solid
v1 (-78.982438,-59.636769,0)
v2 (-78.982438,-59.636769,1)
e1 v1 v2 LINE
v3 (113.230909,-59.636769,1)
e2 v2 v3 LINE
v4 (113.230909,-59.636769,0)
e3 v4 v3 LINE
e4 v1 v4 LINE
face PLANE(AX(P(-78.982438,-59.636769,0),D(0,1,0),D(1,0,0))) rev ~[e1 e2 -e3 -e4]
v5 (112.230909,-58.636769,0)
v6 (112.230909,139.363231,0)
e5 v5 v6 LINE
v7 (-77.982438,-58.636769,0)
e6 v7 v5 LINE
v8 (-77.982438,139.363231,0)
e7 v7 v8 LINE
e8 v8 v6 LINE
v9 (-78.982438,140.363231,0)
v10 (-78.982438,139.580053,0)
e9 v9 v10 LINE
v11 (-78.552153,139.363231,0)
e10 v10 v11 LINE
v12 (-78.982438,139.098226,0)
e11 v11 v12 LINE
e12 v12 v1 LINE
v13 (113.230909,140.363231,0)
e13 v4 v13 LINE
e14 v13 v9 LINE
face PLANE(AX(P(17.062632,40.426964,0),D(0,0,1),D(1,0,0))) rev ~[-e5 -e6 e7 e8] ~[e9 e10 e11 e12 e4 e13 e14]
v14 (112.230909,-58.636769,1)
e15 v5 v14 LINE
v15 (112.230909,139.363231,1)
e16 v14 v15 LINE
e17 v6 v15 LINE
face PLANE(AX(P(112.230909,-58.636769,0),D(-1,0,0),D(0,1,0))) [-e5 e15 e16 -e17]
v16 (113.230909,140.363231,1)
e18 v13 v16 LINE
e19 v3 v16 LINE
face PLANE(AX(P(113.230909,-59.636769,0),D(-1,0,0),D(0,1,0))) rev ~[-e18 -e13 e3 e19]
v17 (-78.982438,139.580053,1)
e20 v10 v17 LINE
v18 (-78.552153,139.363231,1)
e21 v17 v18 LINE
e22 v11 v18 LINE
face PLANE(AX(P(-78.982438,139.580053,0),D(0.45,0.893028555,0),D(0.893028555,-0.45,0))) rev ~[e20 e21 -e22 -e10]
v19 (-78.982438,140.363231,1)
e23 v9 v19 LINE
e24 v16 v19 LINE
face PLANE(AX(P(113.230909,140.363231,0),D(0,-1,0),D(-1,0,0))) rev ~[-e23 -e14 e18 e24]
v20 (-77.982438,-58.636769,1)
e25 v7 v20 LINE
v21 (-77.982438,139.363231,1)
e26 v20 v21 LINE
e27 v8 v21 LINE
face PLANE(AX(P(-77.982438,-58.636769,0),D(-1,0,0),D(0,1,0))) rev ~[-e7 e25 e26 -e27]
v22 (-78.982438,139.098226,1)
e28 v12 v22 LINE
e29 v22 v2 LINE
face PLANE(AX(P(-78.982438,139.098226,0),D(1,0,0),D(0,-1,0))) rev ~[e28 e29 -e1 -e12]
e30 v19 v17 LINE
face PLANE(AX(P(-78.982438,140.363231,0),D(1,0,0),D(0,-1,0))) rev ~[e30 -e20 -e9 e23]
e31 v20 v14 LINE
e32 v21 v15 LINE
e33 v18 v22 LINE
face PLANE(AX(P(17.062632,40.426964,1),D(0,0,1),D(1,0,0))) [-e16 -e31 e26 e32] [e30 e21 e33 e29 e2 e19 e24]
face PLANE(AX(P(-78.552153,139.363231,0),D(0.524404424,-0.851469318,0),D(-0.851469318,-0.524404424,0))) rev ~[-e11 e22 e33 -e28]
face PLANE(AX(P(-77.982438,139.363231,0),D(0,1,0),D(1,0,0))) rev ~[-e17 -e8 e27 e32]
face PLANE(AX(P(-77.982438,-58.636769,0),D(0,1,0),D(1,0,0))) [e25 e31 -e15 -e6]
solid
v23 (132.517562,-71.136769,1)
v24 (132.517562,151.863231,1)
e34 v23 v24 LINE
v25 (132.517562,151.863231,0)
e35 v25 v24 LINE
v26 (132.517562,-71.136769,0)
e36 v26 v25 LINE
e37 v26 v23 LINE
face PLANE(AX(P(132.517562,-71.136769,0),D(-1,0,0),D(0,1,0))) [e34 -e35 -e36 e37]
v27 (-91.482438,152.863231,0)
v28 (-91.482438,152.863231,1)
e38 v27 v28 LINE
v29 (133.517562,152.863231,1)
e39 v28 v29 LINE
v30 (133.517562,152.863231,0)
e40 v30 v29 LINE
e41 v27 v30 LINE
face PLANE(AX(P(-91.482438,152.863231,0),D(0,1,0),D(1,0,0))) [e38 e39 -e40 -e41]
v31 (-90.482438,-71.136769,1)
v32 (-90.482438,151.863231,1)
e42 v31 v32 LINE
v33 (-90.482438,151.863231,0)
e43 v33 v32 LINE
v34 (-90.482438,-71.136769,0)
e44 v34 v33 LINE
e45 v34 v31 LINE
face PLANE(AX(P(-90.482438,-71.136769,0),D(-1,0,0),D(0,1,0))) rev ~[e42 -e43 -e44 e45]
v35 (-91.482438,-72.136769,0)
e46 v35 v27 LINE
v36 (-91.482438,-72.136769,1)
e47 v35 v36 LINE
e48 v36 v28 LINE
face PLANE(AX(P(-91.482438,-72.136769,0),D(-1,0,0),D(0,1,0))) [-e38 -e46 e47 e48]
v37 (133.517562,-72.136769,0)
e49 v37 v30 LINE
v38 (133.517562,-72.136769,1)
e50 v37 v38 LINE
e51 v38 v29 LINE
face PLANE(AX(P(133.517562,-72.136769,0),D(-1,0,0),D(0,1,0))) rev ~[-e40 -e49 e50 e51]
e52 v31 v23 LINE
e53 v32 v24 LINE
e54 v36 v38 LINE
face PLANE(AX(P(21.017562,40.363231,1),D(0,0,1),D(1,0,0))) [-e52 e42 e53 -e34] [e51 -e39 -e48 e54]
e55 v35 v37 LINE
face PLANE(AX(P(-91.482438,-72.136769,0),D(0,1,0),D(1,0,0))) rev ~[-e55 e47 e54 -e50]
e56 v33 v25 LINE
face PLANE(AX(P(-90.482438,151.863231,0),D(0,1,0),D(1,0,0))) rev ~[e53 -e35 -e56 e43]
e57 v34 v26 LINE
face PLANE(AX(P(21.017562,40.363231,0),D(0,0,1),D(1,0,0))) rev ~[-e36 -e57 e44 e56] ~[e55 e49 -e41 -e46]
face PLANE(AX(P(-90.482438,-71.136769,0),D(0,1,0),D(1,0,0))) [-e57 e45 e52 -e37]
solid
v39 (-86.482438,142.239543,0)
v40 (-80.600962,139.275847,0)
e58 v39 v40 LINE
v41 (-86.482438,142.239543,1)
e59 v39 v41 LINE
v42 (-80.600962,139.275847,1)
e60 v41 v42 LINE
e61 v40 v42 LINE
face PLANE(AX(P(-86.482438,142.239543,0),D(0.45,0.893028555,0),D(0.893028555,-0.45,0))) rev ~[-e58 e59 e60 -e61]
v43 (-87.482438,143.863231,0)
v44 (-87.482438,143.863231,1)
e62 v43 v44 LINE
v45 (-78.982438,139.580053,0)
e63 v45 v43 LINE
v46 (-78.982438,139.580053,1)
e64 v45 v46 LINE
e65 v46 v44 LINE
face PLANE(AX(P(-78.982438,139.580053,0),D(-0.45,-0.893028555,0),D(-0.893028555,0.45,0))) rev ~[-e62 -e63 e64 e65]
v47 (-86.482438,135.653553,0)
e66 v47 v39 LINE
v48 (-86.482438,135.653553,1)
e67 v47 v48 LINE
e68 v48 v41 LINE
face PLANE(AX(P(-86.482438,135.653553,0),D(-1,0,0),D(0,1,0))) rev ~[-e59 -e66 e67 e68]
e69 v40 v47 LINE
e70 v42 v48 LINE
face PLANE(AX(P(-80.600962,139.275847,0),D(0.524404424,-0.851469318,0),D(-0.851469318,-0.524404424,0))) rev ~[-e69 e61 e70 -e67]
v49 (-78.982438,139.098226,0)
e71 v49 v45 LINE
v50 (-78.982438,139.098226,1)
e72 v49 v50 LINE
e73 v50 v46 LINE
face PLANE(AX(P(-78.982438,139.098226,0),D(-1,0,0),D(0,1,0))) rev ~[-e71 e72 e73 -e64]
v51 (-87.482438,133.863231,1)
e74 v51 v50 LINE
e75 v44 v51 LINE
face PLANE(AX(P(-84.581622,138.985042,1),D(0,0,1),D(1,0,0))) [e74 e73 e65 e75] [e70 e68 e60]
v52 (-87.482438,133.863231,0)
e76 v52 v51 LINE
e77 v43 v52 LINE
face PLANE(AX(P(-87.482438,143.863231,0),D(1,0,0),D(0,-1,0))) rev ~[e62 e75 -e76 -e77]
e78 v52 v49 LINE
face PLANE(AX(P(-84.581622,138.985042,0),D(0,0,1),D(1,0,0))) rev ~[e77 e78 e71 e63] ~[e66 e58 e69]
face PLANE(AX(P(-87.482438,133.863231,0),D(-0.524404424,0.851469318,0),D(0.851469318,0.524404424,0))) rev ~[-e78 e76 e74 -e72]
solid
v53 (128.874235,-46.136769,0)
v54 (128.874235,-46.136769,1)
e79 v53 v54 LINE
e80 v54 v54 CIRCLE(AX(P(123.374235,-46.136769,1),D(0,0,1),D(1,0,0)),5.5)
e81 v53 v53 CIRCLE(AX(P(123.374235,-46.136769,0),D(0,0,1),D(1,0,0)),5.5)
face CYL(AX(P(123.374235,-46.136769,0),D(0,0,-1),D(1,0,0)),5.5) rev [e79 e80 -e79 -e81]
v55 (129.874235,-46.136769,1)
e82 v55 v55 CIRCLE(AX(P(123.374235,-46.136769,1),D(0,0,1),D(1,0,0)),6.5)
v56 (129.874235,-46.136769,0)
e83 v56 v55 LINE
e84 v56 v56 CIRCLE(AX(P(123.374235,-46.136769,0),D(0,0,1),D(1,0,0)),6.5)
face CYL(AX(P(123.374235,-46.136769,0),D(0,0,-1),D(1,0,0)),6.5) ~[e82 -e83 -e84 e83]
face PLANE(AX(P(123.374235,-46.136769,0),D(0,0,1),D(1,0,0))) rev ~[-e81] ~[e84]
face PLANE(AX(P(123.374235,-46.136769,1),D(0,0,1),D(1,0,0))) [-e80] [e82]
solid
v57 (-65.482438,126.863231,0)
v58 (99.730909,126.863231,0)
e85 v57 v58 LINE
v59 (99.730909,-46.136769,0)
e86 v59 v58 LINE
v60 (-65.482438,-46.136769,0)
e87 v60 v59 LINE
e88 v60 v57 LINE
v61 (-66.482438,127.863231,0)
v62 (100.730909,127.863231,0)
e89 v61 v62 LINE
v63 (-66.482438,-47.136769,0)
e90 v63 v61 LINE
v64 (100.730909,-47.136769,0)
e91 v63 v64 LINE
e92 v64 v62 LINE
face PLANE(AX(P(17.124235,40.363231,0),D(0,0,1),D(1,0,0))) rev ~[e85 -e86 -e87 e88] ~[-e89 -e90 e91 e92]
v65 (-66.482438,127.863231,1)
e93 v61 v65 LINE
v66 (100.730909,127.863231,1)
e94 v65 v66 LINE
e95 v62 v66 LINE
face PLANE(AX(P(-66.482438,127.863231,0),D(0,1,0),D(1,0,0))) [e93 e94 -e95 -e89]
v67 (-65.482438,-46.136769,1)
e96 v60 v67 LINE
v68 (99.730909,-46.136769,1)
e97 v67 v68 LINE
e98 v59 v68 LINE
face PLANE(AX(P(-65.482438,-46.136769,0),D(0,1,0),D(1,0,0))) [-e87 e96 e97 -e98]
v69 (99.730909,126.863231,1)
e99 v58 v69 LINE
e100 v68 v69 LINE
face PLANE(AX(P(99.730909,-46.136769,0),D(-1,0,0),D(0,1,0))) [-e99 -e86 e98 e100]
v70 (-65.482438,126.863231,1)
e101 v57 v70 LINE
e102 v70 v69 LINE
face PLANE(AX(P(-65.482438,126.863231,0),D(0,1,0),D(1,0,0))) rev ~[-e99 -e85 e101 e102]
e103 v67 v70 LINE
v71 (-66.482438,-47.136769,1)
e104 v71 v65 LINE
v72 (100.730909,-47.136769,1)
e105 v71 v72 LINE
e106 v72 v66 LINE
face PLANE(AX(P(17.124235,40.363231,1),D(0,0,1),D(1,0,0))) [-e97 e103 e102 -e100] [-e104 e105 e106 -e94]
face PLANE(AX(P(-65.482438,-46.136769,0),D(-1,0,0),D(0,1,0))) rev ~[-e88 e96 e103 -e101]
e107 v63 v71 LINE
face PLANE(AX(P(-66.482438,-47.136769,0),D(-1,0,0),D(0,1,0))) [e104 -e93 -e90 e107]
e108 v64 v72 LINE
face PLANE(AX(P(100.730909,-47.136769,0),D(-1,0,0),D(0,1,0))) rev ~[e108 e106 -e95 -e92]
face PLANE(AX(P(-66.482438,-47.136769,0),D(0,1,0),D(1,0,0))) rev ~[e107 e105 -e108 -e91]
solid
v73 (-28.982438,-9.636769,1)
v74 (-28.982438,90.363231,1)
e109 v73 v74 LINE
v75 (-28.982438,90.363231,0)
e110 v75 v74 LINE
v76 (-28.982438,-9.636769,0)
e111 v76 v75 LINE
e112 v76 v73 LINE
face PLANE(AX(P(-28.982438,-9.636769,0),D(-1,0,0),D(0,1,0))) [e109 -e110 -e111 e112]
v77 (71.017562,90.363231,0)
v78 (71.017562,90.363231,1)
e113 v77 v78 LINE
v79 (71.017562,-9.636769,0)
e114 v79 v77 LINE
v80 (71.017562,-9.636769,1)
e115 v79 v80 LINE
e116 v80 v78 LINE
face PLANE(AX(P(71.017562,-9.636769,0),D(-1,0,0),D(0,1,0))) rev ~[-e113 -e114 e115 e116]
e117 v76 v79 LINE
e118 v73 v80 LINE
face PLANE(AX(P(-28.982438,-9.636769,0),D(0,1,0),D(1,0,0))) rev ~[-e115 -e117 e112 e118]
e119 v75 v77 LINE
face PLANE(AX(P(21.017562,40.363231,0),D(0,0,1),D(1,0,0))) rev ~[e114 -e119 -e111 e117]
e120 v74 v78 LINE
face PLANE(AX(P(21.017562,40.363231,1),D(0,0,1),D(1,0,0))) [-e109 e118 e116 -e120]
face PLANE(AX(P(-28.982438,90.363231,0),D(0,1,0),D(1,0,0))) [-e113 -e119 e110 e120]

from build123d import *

# Parameters (mm, degrees)
F1_W     = 225
F1_H     = 225
F1_W_2   = 223
F1_H_2   = 223
F2_DEPTH = 1
F1_W_3   = 190.2133469
F1_H_3   = 198
F1_W_4   = 167.2133469
F1_H_4   = 175
F1_W_5   = 165.2133469
F1_H_5   = 173
F1_R     = 6.5
F1_R_2   = 5.5
F1_W_6   = 100
F1_H_6   = 100


with BuildPart() as f2:
    # F1 (on Top) → F2 (new body)
    with BuildSketch(Plane.XY):
        with Locations((21.0175617039, 40.3632308638)):
            Rectangle(F1_W, F1_H)
        with Locations((21.0175617039, 40.3632308638)):
            Rectangle(F1_W_2, F1_H_2, mode=Mode.SUBTRACT)
    extrude(amount=F2_DEPTH)


with BuildPart() as f2b:
    # F1 (on Top) → F2, piece 2 (new body)
    with BuildSketch(Plane.XY):
        Polygon((113.2309086039, 140.3632308638), (-78.9824382961, 140.3632308638), (-78.9824382961, 139.580053155), (-78.5521527463, 139.3632308638), (-78.9824382961, 139.0982258413), (-78.9824382961, -59.6367691362), (113.2309086039, -59.6367691362), align=None)
        with Locations((17.1242351539, 40.3632308638)):
            Rectangle(F1_W_3, F1_H_3, mode=Mode.SUBTRACT)
    extrude(amount=F2_DEPTH)


with BuildPart() as f2c:
    # F1 (on Top) → F2, piece 3 (new body)
    with BuildSketch(Plane.XY):
        with Locations((17.1242351539, 40.3632308638)):
            Rectangle(F1_W_4, F1_H_4)
        with Locations((17.1242351539, 40.3632308638)):
            Rectangle(F1_W_5, F1_H_5, mode=Mode.SUBTRACT)
    extrude(amount=F2_DEPTH)


with BuildPart() as f2d:
    # F1 (on Top) → F2, piece 4 (new body)
    with BuildSketch(Plane.XY):
        with Locations((123.3742351539, -46.1367691362)):
            Circle(F1_R)
        with Locations((123.3742351539, -46.1367691362)):
            Circle(F1_R_2, mode=Mode.SUBTRACT)
    extrude(amount=F2_DEPTH)


with BuildPart() as f2e:
    # F1 (on Top) → F2, piece 5 (new body)
    with BuildSketch(Plane.XY):
        with Locations((21.0175617039, 40.3632308638)):
            Rectangle(F1_W_6, F1_H_6)
    extrude(amount=F2_DEPTH)


with BuildPart() as f2f:
    # F1 (on Top) → F2, piece 6 (new body)
    with BuildSketch(Plane.XY):
        Polygon((-78.9824382961, 139.0982258413), (-78.9824382961, 139.580053155), (-87.4824382961, 143.8632308638), (-87.4824382961, 133.8632308638), align=None)
        Polygon((-86.4824382961, 135.6535530649), (-86.4824382961, 142.2395425821), (-80.6009615945, 139.2758472994), align=None, mode=Mode.SUBTRACT)
    extrude(amount=F2_DEPTH)


solid = Compound([f2.part, f2b.part, f2c.part, f2d.part, f2e.part, f2f.part])
